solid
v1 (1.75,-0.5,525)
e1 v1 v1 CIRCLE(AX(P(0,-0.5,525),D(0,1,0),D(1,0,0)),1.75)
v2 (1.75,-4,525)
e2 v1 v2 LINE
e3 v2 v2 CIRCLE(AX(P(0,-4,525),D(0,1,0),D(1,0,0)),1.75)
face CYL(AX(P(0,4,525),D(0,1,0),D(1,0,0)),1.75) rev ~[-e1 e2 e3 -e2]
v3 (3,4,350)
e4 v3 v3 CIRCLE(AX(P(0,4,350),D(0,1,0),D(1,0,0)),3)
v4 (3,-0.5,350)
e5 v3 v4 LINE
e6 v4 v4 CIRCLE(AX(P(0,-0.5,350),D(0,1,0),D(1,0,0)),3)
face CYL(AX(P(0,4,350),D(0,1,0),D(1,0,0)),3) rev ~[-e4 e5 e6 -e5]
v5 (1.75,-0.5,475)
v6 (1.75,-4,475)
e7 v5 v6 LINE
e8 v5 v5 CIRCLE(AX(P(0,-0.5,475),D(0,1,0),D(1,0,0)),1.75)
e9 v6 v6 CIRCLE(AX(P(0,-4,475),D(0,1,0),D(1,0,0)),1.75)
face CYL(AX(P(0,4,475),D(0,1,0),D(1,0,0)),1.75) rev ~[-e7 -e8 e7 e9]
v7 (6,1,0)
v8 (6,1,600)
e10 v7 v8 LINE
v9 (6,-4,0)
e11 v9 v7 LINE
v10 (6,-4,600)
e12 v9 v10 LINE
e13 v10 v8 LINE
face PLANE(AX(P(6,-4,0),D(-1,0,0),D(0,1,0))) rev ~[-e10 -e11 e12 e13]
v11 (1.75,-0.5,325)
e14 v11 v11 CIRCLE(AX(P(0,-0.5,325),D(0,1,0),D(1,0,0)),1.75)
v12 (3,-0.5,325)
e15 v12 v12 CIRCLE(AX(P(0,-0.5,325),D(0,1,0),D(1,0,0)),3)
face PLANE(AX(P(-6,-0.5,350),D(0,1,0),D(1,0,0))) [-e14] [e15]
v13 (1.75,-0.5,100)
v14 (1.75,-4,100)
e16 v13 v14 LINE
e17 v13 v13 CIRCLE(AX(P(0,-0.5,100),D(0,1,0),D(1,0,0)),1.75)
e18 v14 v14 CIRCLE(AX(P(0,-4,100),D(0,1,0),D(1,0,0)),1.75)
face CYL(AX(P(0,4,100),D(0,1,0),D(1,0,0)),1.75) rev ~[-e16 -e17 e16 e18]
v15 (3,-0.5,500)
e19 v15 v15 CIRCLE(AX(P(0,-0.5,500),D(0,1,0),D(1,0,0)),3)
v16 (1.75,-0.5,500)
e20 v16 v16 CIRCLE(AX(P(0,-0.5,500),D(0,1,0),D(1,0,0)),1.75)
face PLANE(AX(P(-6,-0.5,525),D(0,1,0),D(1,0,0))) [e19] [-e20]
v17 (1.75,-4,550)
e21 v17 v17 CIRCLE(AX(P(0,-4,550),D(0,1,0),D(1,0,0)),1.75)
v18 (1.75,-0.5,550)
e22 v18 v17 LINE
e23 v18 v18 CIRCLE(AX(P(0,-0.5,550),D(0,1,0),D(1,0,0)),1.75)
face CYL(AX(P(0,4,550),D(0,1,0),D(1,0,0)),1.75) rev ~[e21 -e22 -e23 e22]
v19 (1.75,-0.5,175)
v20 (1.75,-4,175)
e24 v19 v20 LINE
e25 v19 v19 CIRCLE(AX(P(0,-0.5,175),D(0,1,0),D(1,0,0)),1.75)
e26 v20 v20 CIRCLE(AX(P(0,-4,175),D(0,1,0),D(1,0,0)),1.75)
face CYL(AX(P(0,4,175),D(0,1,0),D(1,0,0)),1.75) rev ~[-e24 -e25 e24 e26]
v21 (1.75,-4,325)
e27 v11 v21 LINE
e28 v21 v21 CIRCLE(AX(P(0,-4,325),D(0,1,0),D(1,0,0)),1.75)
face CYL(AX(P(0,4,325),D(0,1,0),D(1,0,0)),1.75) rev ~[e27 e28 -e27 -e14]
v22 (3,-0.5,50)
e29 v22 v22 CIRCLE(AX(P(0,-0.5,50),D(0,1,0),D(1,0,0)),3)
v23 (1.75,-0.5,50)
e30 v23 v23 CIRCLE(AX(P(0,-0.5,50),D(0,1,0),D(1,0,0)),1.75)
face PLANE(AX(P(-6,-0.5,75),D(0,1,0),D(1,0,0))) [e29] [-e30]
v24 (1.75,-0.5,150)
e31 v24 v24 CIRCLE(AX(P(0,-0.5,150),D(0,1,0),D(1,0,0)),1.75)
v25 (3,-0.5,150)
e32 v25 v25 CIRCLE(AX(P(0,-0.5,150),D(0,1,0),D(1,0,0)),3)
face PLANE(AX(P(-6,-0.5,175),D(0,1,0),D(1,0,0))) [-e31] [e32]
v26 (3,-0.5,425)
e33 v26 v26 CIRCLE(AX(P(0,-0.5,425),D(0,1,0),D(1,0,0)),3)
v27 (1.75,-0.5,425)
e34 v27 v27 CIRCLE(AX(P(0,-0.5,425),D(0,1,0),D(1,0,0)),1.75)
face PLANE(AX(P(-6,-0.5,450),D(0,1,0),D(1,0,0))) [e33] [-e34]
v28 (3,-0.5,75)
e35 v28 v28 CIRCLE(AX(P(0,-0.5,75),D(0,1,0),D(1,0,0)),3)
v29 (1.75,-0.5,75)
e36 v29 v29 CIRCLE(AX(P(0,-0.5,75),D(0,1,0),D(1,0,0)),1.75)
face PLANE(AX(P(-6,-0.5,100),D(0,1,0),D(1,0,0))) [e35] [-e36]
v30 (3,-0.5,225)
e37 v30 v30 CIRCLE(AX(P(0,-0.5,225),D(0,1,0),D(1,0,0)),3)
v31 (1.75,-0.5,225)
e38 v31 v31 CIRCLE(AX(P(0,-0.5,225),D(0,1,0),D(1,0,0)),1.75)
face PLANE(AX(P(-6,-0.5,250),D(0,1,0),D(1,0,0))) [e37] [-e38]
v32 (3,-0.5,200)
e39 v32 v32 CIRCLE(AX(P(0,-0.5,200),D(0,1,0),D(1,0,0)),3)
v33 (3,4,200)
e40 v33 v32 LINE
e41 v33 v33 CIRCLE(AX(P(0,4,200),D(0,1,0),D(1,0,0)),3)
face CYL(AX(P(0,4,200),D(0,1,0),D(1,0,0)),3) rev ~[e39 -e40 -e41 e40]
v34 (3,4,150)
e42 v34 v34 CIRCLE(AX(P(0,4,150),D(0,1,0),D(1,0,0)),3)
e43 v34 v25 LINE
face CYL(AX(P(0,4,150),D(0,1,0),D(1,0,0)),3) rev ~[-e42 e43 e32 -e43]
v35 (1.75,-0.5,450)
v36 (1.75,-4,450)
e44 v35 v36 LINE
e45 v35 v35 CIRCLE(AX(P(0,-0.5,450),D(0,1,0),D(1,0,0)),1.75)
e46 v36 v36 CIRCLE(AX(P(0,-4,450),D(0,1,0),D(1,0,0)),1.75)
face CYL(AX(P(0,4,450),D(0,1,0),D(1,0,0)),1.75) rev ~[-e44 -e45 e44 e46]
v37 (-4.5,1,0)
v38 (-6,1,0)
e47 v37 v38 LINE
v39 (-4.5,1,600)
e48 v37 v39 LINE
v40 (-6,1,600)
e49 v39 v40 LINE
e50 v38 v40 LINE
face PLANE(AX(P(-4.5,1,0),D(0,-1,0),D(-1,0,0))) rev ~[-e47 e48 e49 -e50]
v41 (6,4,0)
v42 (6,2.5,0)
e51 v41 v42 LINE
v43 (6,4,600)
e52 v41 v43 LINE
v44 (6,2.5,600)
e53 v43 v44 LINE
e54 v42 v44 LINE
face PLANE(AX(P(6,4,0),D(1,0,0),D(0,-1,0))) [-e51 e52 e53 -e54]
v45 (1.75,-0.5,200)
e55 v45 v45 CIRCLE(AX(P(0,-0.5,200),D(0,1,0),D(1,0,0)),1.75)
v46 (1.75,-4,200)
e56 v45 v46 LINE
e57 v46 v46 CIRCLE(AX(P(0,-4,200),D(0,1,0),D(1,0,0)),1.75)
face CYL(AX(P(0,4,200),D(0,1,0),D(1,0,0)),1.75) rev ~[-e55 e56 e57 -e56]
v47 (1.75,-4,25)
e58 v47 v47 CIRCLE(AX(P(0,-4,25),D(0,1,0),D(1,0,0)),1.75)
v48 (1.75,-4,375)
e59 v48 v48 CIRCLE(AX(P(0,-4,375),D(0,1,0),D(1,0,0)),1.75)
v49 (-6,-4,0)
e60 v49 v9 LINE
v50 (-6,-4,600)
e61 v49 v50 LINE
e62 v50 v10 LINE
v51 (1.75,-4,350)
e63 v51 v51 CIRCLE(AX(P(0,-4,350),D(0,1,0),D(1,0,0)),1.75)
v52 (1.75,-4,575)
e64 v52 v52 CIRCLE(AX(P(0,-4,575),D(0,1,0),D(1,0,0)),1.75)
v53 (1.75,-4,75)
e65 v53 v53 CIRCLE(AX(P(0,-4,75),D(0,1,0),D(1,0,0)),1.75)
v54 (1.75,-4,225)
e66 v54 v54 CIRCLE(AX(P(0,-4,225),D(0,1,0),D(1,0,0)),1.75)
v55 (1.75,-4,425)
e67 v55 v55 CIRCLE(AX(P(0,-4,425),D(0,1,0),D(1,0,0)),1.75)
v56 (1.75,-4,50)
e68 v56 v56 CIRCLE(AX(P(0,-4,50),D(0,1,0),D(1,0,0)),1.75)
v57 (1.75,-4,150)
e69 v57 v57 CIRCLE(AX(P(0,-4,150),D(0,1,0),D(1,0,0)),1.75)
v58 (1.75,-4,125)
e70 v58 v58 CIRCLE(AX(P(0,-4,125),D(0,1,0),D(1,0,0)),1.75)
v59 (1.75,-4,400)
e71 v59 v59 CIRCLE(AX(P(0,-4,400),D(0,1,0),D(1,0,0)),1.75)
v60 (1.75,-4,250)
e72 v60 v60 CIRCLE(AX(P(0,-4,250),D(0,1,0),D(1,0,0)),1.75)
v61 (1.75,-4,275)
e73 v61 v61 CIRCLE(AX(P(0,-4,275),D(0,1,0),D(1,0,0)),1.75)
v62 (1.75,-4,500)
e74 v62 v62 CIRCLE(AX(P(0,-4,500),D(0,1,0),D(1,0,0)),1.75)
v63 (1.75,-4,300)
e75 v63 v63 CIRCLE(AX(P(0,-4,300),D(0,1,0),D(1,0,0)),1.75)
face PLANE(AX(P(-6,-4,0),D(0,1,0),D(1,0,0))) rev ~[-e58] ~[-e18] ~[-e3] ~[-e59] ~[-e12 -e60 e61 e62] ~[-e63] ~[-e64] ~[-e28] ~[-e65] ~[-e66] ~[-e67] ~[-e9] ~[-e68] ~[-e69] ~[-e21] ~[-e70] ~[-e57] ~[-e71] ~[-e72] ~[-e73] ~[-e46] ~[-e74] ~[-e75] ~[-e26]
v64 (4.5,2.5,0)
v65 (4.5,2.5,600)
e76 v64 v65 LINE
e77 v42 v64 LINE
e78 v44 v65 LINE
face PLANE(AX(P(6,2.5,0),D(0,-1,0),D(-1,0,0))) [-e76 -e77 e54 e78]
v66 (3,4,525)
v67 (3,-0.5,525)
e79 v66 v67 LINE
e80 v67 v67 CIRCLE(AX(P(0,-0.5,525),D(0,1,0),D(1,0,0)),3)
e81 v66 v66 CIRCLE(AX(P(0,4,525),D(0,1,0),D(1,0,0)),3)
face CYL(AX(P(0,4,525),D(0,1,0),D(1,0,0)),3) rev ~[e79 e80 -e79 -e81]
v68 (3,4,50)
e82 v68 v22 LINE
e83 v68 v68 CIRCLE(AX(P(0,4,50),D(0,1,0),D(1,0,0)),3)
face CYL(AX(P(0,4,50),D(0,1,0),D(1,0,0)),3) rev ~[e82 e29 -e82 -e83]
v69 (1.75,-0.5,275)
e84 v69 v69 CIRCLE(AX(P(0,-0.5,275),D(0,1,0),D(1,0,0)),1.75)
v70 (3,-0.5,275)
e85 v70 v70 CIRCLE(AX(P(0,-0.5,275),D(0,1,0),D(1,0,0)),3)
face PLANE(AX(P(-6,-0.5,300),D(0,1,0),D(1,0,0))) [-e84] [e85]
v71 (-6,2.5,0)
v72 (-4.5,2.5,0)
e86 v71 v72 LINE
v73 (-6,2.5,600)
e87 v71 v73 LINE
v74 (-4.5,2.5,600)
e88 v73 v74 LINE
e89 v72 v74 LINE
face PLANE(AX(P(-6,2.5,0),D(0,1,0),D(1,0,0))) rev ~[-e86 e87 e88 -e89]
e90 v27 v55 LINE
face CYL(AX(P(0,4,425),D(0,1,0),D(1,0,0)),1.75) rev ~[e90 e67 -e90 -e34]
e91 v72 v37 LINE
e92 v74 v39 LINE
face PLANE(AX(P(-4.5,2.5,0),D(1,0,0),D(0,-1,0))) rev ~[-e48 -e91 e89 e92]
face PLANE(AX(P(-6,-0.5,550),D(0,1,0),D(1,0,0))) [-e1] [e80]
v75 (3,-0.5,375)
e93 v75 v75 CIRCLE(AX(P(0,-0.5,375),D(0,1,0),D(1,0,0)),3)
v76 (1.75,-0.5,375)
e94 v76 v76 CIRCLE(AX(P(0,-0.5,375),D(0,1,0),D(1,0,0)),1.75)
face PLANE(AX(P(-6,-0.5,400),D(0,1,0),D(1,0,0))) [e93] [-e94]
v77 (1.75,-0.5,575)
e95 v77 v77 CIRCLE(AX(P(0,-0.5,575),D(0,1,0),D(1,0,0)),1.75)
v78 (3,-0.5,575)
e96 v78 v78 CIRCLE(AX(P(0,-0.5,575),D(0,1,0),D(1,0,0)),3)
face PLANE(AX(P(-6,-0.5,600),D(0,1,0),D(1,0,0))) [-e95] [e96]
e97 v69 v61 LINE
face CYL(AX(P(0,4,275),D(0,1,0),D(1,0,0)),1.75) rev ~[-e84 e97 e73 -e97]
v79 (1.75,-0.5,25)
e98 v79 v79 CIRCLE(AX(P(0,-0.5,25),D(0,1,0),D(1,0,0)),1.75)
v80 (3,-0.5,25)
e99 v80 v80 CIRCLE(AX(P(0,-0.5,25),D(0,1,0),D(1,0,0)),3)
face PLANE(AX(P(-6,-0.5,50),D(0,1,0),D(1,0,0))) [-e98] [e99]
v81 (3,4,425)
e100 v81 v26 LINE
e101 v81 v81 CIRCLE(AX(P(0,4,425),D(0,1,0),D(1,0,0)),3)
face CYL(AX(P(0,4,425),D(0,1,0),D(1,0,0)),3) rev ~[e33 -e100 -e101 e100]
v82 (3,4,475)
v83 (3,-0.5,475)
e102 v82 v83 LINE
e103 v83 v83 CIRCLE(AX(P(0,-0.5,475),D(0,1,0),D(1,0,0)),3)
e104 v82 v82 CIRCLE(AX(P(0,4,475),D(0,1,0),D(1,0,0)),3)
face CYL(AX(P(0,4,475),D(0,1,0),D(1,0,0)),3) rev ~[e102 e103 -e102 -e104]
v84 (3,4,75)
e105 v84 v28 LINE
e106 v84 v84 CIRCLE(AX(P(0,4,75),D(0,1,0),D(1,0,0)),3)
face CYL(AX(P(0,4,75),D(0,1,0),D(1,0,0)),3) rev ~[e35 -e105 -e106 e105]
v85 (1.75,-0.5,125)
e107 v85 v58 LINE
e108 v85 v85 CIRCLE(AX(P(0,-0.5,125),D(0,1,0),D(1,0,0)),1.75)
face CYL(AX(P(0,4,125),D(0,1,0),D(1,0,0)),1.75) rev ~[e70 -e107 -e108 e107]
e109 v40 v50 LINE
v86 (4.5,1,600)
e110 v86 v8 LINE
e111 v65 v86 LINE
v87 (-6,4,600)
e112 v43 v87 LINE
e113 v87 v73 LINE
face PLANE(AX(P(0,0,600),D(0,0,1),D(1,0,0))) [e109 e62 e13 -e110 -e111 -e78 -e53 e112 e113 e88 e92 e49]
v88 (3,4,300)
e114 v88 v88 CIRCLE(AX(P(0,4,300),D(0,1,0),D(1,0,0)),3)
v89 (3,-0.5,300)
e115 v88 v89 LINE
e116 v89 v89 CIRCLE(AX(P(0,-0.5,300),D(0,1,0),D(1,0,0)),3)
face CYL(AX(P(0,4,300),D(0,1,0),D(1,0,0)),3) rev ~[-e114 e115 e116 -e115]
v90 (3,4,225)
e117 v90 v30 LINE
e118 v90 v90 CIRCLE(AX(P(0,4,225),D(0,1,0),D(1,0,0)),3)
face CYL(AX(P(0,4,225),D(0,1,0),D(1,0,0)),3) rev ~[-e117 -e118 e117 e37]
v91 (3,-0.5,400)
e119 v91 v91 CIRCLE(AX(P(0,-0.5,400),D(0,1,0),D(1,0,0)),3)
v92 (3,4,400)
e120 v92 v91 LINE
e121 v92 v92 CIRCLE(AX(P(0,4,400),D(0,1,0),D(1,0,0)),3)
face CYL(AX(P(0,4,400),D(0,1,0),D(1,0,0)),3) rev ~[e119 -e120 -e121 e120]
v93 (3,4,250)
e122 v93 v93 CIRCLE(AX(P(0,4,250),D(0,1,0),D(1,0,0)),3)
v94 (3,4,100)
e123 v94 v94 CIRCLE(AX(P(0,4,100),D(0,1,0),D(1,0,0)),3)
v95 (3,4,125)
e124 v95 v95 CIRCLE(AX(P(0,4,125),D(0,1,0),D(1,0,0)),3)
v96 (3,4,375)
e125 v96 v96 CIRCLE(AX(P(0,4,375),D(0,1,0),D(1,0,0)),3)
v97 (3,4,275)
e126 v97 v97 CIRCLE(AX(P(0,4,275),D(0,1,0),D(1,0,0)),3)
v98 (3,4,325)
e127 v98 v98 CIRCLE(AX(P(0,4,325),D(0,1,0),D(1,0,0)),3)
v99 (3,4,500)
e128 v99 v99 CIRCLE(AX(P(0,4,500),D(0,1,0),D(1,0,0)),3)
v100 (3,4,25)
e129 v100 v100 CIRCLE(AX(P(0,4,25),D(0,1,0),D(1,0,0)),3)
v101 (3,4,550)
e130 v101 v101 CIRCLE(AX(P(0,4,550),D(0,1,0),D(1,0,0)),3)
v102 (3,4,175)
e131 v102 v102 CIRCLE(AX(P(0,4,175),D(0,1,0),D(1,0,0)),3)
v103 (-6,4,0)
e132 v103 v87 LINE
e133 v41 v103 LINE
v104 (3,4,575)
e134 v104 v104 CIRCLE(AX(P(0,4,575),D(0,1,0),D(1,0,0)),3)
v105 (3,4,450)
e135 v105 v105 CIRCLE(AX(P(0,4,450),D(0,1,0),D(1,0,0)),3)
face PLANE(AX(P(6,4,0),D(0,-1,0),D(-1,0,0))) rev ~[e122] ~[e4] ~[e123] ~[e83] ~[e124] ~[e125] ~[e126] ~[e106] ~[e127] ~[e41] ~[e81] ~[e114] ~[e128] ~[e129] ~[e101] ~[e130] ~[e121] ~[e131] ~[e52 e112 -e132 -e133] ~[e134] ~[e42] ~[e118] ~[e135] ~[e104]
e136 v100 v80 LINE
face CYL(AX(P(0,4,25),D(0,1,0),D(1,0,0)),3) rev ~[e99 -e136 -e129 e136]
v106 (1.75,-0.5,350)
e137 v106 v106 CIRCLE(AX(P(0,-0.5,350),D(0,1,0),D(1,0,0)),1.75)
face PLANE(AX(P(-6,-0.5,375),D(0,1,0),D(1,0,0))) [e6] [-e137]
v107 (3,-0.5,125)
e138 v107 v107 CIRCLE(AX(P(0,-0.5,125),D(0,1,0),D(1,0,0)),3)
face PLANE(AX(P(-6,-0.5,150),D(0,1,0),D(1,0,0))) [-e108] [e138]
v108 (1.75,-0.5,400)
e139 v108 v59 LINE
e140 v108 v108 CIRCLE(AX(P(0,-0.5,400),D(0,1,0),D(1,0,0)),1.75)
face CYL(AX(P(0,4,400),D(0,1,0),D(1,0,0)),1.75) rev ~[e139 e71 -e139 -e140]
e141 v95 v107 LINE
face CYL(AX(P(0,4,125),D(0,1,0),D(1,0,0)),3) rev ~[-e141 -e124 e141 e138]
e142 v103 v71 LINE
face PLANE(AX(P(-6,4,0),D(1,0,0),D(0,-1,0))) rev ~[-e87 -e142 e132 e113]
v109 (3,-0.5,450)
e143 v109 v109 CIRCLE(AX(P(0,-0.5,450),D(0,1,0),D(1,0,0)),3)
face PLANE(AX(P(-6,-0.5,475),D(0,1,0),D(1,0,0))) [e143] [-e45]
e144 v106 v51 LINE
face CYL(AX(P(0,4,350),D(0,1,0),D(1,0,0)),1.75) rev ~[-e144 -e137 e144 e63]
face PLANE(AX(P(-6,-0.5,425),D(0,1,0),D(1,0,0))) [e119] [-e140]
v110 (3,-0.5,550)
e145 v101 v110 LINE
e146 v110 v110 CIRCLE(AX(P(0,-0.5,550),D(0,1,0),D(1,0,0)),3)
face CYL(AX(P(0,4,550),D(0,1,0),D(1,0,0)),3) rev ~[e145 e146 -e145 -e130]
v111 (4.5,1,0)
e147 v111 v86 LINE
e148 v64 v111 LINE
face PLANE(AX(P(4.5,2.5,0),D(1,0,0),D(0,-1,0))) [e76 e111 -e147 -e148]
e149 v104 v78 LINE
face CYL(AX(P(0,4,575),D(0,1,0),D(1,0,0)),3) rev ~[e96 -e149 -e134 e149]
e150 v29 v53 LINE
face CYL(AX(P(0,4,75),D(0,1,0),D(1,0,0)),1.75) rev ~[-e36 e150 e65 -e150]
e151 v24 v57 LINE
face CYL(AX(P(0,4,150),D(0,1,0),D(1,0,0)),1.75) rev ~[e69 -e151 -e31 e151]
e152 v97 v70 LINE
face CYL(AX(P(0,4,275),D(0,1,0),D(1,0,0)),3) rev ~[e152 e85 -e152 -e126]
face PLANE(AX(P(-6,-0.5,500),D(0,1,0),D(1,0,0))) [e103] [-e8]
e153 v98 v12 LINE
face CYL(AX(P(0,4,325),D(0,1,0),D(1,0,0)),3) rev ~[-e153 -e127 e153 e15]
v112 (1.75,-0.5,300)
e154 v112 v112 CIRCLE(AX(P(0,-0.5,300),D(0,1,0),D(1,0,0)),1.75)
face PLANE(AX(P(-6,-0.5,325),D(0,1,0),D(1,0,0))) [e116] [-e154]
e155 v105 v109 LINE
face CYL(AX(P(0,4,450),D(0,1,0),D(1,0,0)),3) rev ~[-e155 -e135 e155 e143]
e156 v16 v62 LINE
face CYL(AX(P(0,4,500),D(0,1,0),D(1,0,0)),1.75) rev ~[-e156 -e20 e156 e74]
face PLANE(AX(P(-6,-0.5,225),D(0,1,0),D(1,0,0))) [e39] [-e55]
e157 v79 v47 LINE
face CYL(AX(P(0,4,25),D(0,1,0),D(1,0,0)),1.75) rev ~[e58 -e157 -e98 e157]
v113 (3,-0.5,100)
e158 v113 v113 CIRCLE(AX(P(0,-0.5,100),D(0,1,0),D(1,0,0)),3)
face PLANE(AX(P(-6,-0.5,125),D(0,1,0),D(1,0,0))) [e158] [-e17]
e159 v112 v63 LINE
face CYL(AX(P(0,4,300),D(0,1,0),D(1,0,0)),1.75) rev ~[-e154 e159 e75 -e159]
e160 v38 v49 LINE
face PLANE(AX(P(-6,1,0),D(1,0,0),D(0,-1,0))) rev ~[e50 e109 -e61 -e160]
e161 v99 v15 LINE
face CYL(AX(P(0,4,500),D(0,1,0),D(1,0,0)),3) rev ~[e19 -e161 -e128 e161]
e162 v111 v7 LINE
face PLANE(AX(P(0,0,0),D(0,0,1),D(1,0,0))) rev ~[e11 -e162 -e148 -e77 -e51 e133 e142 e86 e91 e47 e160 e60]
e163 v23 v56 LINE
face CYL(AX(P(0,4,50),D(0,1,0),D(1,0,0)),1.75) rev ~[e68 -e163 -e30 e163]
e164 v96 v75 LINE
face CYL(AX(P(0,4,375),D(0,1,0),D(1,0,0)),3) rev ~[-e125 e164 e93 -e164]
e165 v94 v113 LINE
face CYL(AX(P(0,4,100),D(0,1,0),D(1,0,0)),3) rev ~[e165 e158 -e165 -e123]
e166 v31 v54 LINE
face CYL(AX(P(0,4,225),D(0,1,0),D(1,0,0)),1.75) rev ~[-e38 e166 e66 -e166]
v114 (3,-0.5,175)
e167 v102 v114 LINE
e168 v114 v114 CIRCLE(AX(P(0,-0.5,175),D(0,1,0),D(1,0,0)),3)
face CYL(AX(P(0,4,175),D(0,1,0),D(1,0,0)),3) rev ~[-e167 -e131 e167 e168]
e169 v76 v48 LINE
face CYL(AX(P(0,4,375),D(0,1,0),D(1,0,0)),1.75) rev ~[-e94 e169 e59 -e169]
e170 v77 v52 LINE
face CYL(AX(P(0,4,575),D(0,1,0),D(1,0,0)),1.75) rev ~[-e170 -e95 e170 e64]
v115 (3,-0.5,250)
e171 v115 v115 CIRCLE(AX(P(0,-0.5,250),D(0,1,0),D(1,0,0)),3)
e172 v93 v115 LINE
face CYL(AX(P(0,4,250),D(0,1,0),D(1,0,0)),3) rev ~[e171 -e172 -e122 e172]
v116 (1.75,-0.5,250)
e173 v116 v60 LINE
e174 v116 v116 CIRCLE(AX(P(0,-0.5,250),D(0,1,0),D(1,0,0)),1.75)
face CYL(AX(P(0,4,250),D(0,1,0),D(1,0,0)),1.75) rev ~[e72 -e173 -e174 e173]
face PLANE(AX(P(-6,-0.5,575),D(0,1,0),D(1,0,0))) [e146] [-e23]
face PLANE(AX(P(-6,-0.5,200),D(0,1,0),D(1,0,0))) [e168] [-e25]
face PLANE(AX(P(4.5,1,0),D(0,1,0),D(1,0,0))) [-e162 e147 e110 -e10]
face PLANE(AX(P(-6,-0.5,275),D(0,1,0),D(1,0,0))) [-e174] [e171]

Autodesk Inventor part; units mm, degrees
ref_plane "YZ Plane" through (0, 0, 0) normal (1, 0, 0) x (0, 1, 0)
ref_plane "XZ Plane" through (0, 0, 0) normal (0, 1, 0) x (-1, 0, 0)
ref_plane "XY Plane" through (0, 0, 0) normal (0, 0, 1) x (1, 0, 0)
sketch "Szkic1" plane through (0, 0, 0) normal (0, 0, 1) x (1, 0, 0)
  line L0 (-6, -4) -> (6, -4)
  line L1 (6, 4) -> (-6, 4)
  line L2 (-6, 4) -> (-6, 2.5)
  line L3 (-6, 2.5) -> (-4.5, 2.5)
  line L4 (-4.5, 2.5) -> (-4.5, 1)
  line L5 (-4.5, 1) -> (-6, 1)
  line L6 (-6, 4) -> (-6, 2.5)
  line L7 (-6, 1) -> (-6, -4)
  line L8 (6, 4) -> (6, 2.5)
  line L9 (6, 2.5) -> (4.5, 2.5)
  line L10 (4.5, 2.5) -> (4.5, 1)
  line L11 (4.5, 1) -> (6, 1)
  line L12 (6, -4) -> (6, 1)
  line L13 (6, 2.5) -> (6, 4)
  point P0 (0, 0)
  dimension "d0" = 12
  dimension "d1" = 8
extrude "Wyciągnięcie proste1" add sketch "Szkic1" along normal blind 600
sketch "Szkic2" plane through (-6, 4, 600) normal (0, 1, 0) x (1, 0, 0)
  line L0 (12, 600) -> (0, 600) projected
  line L1 (0, 600) -> (0, 0) projected
  line L2 (12, 0) -> (0, 0) projected
  line L3 (12, 600) -> (12, 0) projected
  line L4 (6, 600) -> (6, 0)
  line L5 (0, 0) -> (12, 0) projected
  line L6 (6, 0) -> (6, 25)
  circle A0 centre (6, 25) radius 1.75
  dimension "d10" = 25
  dimension "d11" = 3.5
extrude "Wyciągnięcie proste2" cut sketch "Szkic2" against normal up to next contours A0 L4 | L4 A0
sketch "Szkic3" plane through (-6, 4, 600) normal (0, 1, 0) x (1, 0, 0)
  circle A0 centre (6, 25) radius 1.75 projected
  circle A1 centre (6, 25) radius 3
  point P0 (6, 600)
  dimension "d14" = 6
extrude "Wyciągnięcie proste3" cut sketch "Szkic3" against normal blind 4.5
pattern_linear "Szyk prostokątny1" count 23 spacing 25 along (0, 0, -1) of "Wyciągnięcie proste2"
pattern_linear "Szyk prostokątny2" count 23 spacing 25 along (0, 0, -1) of "Wyciągnięcie proste3"
properties part number "Prowadnica liniowa typu MGN12H 600mm"
